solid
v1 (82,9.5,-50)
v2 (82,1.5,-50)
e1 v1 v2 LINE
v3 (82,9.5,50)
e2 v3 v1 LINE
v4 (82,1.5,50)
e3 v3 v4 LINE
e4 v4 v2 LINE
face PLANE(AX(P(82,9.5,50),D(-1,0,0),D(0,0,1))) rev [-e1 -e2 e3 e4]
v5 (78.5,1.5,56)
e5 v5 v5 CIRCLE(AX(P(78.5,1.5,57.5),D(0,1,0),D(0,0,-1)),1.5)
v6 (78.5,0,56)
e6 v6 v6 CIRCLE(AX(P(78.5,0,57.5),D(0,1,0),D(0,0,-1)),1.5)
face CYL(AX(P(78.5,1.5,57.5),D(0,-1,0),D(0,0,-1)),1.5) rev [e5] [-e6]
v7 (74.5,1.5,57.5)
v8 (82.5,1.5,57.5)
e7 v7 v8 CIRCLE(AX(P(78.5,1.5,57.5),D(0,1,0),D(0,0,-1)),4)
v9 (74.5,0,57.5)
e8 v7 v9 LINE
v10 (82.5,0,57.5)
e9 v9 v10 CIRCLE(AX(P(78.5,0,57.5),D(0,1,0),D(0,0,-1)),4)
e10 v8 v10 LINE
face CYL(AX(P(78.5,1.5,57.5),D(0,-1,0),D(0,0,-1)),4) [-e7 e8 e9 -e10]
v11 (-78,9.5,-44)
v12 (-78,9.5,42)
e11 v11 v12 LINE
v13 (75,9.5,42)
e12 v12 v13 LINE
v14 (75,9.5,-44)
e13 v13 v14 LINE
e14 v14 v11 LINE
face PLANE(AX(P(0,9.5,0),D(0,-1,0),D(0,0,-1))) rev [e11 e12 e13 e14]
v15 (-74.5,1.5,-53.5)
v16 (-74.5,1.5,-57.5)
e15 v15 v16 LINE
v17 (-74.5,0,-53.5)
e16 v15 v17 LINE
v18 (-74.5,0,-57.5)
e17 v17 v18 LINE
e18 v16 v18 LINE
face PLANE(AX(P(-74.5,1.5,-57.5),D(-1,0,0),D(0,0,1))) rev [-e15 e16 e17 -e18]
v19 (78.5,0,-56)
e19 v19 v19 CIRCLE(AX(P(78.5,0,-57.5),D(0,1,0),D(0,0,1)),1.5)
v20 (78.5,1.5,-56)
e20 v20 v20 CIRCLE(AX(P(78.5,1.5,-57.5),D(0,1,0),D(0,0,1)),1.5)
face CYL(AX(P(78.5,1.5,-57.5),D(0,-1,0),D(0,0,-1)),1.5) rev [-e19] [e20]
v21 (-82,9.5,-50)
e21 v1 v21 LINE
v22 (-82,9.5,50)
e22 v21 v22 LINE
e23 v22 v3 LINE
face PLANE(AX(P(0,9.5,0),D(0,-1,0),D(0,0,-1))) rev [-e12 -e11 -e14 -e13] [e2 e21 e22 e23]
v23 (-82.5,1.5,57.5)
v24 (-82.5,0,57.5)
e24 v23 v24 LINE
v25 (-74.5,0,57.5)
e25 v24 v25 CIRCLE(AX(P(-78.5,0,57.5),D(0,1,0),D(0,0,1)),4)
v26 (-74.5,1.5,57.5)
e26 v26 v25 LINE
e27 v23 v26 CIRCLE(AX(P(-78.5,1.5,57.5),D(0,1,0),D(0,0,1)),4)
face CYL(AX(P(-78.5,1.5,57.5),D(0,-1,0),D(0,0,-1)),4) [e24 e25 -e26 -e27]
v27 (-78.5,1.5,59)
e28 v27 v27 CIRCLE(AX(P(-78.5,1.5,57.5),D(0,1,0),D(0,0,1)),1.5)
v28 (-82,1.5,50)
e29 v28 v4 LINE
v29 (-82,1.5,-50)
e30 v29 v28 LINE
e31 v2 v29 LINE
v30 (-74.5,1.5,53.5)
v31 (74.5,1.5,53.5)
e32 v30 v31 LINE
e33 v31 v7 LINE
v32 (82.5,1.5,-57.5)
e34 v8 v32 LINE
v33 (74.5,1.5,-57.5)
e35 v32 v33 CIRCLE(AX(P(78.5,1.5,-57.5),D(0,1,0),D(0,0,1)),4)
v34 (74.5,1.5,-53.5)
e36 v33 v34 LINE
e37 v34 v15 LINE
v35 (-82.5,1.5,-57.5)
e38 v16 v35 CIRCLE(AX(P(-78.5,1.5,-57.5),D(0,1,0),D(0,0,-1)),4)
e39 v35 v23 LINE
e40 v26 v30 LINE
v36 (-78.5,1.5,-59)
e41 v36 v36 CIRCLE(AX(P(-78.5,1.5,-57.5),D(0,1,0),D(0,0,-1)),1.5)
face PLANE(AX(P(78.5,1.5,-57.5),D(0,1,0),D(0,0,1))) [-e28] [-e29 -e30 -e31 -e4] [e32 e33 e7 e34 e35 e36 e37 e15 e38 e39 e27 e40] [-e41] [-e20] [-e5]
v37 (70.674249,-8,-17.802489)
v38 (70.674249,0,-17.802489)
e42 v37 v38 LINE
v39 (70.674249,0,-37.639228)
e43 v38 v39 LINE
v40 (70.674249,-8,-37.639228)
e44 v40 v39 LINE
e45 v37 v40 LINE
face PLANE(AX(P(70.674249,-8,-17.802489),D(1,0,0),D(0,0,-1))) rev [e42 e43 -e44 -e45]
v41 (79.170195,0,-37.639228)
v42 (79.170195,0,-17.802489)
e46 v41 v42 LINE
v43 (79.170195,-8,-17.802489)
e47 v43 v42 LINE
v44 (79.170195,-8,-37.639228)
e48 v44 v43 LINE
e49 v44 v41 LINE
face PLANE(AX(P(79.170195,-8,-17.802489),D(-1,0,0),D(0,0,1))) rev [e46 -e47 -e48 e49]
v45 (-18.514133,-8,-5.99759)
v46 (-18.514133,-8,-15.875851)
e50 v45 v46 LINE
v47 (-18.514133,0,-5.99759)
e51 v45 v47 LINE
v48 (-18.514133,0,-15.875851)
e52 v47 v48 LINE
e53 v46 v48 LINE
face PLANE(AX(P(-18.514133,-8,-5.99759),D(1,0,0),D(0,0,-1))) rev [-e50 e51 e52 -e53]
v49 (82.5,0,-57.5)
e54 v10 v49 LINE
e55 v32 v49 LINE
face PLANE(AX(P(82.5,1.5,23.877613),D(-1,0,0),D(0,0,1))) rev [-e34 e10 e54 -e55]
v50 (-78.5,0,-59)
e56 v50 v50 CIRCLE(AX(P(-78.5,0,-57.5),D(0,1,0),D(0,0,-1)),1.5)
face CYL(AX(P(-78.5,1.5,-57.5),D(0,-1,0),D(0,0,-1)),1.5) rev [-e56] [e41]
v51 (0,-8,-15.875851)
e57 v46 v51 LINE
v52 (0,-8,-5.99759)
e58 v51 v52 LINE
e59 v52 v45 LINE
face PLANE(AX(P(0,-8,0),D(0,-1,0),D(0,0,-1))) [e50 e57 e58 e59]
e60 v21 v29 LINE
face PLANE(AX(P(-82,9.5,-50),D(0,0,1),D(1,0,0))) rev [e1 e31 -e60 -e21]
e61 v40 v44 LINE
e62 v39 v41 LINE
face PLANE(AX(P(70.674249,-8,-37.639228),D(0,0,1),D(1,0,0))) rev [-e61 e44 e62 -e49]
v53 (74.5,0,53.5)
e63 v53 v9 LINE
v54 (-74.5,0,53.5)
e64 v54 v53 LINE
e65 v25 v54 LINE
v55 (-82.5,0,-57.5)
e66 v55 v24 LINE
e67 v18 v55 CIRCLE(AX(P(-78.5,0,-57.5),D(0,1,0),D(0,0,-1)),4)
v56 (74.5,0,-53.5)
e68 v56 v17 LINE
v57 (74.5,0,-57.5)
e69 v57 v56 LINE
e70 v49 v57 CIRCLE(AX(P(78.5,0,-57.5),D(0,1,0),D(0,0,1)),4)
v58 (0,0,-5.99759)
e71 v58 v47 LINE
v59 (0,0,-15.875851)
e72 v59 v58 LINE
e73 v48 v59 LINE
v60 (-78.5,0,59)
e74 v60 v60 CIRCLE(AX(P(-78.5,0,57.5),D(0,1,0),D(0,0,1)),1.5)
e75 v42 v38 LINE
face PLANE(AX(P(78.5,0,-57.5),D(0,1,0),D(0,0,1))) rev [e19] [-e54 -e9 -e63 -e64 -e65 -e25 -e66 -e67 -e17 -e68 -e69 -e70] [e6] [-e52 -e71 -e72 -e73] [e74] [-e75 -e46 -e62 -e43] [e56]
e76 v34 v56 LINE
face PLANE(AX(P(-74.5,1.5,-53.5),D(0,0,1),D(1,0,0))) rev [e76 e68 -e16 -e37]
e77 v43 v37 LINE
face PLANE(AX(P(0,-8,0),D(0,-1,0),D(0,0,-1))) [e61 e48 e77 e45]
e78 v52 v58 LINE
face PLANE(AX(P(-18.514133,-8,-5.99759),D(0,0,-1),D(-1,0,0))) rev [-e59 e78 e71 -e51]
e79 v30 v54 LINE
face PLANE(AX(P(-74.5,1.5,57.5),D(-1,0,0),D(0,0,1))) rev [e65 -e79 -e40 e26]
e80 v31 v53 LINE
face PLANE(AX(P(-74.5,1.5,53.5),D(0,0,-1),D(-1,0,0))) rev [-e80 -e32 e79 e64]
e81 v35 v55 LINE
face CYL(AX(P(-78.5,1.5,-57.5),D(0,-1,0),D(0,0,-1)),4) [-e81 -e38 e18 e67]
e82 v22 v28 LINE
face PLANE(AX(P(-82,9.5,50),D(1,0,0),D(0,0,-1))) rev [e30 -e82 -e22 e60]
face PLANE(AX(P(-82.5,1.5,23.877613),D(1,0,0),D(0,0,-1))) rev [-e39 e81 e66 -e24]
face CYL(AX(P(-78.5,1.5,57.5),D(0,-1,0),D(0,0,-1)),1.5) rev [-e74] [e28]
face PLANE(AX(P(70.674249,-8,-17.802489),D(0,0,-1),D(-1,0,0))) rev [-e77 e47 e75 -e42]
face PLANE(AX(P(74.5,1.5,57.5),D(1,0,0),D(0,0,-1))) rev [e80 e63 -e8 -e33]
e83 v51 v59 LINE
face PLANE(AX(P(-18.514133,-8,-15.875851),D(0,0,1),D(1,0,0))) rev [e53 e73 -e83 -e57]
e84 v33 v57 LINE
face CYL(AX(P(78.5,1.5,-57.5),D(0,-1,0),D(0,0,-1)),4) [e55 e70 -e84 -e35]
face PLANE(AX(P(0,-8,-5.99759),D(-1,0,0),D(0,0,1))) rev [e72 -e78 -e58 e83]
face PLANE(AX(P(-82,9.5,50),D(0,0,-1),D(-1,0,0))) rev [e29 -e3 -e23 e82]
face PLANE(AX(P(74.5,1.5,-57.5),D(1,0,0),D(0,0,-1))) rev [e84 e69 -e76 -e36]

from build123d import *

# Parameters (mm, degrees)
SKETCH1_R           = 1.5
BOSS_EXTRUDE1_DEPTH = 1.5
SKETCH2_W           = 8.49594542
SKETCH2_H           = 19.836738538
SKETCH2_W_2         = 18.514132699
SKETCH2_H_2         = 9.878260544
BOSS_EXTRUDE2_DEPTH = 8
SKETCH3_W           = 164
SKETCH3_H           = 100
BOSS_EXTRUDE3_DEPTH = 8


with BuildPart() as part:
    # Sketch1 → Boss-Extrude1 (new body)
    with BuildSketch(Plane(origin=(0, 0, 0), x_dir=(1, 0, 0), z_dir=(0, 1, 0))):
        with BuildLine():
            Line((-74.5, -53.5), (74.5, -53.5))
            Line((74.5, -53.5), (74.5, -57.5))
            ThreePointArc((74.5, -57.5), (78.5, -61.5), (82.5, -57.5))
            Line((82.5, -57.5), (82.5, -23.877612559))
            Line((82.5, -23.877612559), (82.5, 23.877612559))
            Line((82.5, 23.877612559), (82.5, 57.5))
            ThreePointArc((82.5, 57.5), (78.5, 61.5), (74.5, 57.5))
            Line((74.5, 57.5), (74.5, 53.5))
            Line((74.5, 53.5), (-74.5, 53.5))
            Line((-74.5, 53.5), (-74.5, 57.5))
            ThreePointArc((-74.5, 57.5), (-78.5, 61.5), (-82.5, 57.5))
            Line((-82.5, 57.5), (-82.5, 23.877612559))
            Line((-82.5, 23.877612559), (-82.5, -23.877612559))
            Line((-82.5, -23.877612559), (-82.5, -57.5))
            ThreePointArc((-82.5, -57.5), (-78.5, -61.5), (-74.5, -57.5))
            Line((-74.5, -57.5), (-74.5, -53.5))
        make_face()
        with Locations(Location((78.5, 57.5, 0), (0, 0, 270))):
            Circle(SKETCH1_R, mode=Mode.SUBTRACT)
        with Locations(Location((-78.5, 57.5, 0), (0, 0, 90))):
            Circle(SKETCH1_R, mode=Mode.SUBTRACT)
        with Locations(Location((78.5, -57.5, 0), (0, 0, 90))):
            Circle(SKETCH1_R, mode=Mode.SUBTRACT)
        with Locations(Location((-78.5, -57.5, 0), (0, 0, 270))):
            Circle(SKETCH1_R, mode=Mode.SUBTRACT)
    extrude(amount=BOSS_EXTRUDE1_DEPTH)

    # Sketch2 → Boss-Extrude2 (add)
    with BuildSketch(Plane.XZ):
        with Locations((74.922222093, -27.720858346)):
            Rectangle(SKETCH2_W, SKETCH2_H)
        with Locations((-9.25706635, -10.936720321)):
            Rectangle(SKETCH2_W_2, SKETCH2_H_2)
    extrude(amount=BOSS_EXTRUDE2_DEPTH)

    # Sketch3 → Boss-Extrude3 (add)
    with BuildSketch(Plane(origin=(0, 1.5, 0), x_dir=(1, 0, 0), z_dir=(0, 1, 0))):
        Rectangle(SKETCH3_W, SKETCH3_H)
    extrude(amount=BOSS_EXTRUDE3_DEPTH)


solid = part.part
